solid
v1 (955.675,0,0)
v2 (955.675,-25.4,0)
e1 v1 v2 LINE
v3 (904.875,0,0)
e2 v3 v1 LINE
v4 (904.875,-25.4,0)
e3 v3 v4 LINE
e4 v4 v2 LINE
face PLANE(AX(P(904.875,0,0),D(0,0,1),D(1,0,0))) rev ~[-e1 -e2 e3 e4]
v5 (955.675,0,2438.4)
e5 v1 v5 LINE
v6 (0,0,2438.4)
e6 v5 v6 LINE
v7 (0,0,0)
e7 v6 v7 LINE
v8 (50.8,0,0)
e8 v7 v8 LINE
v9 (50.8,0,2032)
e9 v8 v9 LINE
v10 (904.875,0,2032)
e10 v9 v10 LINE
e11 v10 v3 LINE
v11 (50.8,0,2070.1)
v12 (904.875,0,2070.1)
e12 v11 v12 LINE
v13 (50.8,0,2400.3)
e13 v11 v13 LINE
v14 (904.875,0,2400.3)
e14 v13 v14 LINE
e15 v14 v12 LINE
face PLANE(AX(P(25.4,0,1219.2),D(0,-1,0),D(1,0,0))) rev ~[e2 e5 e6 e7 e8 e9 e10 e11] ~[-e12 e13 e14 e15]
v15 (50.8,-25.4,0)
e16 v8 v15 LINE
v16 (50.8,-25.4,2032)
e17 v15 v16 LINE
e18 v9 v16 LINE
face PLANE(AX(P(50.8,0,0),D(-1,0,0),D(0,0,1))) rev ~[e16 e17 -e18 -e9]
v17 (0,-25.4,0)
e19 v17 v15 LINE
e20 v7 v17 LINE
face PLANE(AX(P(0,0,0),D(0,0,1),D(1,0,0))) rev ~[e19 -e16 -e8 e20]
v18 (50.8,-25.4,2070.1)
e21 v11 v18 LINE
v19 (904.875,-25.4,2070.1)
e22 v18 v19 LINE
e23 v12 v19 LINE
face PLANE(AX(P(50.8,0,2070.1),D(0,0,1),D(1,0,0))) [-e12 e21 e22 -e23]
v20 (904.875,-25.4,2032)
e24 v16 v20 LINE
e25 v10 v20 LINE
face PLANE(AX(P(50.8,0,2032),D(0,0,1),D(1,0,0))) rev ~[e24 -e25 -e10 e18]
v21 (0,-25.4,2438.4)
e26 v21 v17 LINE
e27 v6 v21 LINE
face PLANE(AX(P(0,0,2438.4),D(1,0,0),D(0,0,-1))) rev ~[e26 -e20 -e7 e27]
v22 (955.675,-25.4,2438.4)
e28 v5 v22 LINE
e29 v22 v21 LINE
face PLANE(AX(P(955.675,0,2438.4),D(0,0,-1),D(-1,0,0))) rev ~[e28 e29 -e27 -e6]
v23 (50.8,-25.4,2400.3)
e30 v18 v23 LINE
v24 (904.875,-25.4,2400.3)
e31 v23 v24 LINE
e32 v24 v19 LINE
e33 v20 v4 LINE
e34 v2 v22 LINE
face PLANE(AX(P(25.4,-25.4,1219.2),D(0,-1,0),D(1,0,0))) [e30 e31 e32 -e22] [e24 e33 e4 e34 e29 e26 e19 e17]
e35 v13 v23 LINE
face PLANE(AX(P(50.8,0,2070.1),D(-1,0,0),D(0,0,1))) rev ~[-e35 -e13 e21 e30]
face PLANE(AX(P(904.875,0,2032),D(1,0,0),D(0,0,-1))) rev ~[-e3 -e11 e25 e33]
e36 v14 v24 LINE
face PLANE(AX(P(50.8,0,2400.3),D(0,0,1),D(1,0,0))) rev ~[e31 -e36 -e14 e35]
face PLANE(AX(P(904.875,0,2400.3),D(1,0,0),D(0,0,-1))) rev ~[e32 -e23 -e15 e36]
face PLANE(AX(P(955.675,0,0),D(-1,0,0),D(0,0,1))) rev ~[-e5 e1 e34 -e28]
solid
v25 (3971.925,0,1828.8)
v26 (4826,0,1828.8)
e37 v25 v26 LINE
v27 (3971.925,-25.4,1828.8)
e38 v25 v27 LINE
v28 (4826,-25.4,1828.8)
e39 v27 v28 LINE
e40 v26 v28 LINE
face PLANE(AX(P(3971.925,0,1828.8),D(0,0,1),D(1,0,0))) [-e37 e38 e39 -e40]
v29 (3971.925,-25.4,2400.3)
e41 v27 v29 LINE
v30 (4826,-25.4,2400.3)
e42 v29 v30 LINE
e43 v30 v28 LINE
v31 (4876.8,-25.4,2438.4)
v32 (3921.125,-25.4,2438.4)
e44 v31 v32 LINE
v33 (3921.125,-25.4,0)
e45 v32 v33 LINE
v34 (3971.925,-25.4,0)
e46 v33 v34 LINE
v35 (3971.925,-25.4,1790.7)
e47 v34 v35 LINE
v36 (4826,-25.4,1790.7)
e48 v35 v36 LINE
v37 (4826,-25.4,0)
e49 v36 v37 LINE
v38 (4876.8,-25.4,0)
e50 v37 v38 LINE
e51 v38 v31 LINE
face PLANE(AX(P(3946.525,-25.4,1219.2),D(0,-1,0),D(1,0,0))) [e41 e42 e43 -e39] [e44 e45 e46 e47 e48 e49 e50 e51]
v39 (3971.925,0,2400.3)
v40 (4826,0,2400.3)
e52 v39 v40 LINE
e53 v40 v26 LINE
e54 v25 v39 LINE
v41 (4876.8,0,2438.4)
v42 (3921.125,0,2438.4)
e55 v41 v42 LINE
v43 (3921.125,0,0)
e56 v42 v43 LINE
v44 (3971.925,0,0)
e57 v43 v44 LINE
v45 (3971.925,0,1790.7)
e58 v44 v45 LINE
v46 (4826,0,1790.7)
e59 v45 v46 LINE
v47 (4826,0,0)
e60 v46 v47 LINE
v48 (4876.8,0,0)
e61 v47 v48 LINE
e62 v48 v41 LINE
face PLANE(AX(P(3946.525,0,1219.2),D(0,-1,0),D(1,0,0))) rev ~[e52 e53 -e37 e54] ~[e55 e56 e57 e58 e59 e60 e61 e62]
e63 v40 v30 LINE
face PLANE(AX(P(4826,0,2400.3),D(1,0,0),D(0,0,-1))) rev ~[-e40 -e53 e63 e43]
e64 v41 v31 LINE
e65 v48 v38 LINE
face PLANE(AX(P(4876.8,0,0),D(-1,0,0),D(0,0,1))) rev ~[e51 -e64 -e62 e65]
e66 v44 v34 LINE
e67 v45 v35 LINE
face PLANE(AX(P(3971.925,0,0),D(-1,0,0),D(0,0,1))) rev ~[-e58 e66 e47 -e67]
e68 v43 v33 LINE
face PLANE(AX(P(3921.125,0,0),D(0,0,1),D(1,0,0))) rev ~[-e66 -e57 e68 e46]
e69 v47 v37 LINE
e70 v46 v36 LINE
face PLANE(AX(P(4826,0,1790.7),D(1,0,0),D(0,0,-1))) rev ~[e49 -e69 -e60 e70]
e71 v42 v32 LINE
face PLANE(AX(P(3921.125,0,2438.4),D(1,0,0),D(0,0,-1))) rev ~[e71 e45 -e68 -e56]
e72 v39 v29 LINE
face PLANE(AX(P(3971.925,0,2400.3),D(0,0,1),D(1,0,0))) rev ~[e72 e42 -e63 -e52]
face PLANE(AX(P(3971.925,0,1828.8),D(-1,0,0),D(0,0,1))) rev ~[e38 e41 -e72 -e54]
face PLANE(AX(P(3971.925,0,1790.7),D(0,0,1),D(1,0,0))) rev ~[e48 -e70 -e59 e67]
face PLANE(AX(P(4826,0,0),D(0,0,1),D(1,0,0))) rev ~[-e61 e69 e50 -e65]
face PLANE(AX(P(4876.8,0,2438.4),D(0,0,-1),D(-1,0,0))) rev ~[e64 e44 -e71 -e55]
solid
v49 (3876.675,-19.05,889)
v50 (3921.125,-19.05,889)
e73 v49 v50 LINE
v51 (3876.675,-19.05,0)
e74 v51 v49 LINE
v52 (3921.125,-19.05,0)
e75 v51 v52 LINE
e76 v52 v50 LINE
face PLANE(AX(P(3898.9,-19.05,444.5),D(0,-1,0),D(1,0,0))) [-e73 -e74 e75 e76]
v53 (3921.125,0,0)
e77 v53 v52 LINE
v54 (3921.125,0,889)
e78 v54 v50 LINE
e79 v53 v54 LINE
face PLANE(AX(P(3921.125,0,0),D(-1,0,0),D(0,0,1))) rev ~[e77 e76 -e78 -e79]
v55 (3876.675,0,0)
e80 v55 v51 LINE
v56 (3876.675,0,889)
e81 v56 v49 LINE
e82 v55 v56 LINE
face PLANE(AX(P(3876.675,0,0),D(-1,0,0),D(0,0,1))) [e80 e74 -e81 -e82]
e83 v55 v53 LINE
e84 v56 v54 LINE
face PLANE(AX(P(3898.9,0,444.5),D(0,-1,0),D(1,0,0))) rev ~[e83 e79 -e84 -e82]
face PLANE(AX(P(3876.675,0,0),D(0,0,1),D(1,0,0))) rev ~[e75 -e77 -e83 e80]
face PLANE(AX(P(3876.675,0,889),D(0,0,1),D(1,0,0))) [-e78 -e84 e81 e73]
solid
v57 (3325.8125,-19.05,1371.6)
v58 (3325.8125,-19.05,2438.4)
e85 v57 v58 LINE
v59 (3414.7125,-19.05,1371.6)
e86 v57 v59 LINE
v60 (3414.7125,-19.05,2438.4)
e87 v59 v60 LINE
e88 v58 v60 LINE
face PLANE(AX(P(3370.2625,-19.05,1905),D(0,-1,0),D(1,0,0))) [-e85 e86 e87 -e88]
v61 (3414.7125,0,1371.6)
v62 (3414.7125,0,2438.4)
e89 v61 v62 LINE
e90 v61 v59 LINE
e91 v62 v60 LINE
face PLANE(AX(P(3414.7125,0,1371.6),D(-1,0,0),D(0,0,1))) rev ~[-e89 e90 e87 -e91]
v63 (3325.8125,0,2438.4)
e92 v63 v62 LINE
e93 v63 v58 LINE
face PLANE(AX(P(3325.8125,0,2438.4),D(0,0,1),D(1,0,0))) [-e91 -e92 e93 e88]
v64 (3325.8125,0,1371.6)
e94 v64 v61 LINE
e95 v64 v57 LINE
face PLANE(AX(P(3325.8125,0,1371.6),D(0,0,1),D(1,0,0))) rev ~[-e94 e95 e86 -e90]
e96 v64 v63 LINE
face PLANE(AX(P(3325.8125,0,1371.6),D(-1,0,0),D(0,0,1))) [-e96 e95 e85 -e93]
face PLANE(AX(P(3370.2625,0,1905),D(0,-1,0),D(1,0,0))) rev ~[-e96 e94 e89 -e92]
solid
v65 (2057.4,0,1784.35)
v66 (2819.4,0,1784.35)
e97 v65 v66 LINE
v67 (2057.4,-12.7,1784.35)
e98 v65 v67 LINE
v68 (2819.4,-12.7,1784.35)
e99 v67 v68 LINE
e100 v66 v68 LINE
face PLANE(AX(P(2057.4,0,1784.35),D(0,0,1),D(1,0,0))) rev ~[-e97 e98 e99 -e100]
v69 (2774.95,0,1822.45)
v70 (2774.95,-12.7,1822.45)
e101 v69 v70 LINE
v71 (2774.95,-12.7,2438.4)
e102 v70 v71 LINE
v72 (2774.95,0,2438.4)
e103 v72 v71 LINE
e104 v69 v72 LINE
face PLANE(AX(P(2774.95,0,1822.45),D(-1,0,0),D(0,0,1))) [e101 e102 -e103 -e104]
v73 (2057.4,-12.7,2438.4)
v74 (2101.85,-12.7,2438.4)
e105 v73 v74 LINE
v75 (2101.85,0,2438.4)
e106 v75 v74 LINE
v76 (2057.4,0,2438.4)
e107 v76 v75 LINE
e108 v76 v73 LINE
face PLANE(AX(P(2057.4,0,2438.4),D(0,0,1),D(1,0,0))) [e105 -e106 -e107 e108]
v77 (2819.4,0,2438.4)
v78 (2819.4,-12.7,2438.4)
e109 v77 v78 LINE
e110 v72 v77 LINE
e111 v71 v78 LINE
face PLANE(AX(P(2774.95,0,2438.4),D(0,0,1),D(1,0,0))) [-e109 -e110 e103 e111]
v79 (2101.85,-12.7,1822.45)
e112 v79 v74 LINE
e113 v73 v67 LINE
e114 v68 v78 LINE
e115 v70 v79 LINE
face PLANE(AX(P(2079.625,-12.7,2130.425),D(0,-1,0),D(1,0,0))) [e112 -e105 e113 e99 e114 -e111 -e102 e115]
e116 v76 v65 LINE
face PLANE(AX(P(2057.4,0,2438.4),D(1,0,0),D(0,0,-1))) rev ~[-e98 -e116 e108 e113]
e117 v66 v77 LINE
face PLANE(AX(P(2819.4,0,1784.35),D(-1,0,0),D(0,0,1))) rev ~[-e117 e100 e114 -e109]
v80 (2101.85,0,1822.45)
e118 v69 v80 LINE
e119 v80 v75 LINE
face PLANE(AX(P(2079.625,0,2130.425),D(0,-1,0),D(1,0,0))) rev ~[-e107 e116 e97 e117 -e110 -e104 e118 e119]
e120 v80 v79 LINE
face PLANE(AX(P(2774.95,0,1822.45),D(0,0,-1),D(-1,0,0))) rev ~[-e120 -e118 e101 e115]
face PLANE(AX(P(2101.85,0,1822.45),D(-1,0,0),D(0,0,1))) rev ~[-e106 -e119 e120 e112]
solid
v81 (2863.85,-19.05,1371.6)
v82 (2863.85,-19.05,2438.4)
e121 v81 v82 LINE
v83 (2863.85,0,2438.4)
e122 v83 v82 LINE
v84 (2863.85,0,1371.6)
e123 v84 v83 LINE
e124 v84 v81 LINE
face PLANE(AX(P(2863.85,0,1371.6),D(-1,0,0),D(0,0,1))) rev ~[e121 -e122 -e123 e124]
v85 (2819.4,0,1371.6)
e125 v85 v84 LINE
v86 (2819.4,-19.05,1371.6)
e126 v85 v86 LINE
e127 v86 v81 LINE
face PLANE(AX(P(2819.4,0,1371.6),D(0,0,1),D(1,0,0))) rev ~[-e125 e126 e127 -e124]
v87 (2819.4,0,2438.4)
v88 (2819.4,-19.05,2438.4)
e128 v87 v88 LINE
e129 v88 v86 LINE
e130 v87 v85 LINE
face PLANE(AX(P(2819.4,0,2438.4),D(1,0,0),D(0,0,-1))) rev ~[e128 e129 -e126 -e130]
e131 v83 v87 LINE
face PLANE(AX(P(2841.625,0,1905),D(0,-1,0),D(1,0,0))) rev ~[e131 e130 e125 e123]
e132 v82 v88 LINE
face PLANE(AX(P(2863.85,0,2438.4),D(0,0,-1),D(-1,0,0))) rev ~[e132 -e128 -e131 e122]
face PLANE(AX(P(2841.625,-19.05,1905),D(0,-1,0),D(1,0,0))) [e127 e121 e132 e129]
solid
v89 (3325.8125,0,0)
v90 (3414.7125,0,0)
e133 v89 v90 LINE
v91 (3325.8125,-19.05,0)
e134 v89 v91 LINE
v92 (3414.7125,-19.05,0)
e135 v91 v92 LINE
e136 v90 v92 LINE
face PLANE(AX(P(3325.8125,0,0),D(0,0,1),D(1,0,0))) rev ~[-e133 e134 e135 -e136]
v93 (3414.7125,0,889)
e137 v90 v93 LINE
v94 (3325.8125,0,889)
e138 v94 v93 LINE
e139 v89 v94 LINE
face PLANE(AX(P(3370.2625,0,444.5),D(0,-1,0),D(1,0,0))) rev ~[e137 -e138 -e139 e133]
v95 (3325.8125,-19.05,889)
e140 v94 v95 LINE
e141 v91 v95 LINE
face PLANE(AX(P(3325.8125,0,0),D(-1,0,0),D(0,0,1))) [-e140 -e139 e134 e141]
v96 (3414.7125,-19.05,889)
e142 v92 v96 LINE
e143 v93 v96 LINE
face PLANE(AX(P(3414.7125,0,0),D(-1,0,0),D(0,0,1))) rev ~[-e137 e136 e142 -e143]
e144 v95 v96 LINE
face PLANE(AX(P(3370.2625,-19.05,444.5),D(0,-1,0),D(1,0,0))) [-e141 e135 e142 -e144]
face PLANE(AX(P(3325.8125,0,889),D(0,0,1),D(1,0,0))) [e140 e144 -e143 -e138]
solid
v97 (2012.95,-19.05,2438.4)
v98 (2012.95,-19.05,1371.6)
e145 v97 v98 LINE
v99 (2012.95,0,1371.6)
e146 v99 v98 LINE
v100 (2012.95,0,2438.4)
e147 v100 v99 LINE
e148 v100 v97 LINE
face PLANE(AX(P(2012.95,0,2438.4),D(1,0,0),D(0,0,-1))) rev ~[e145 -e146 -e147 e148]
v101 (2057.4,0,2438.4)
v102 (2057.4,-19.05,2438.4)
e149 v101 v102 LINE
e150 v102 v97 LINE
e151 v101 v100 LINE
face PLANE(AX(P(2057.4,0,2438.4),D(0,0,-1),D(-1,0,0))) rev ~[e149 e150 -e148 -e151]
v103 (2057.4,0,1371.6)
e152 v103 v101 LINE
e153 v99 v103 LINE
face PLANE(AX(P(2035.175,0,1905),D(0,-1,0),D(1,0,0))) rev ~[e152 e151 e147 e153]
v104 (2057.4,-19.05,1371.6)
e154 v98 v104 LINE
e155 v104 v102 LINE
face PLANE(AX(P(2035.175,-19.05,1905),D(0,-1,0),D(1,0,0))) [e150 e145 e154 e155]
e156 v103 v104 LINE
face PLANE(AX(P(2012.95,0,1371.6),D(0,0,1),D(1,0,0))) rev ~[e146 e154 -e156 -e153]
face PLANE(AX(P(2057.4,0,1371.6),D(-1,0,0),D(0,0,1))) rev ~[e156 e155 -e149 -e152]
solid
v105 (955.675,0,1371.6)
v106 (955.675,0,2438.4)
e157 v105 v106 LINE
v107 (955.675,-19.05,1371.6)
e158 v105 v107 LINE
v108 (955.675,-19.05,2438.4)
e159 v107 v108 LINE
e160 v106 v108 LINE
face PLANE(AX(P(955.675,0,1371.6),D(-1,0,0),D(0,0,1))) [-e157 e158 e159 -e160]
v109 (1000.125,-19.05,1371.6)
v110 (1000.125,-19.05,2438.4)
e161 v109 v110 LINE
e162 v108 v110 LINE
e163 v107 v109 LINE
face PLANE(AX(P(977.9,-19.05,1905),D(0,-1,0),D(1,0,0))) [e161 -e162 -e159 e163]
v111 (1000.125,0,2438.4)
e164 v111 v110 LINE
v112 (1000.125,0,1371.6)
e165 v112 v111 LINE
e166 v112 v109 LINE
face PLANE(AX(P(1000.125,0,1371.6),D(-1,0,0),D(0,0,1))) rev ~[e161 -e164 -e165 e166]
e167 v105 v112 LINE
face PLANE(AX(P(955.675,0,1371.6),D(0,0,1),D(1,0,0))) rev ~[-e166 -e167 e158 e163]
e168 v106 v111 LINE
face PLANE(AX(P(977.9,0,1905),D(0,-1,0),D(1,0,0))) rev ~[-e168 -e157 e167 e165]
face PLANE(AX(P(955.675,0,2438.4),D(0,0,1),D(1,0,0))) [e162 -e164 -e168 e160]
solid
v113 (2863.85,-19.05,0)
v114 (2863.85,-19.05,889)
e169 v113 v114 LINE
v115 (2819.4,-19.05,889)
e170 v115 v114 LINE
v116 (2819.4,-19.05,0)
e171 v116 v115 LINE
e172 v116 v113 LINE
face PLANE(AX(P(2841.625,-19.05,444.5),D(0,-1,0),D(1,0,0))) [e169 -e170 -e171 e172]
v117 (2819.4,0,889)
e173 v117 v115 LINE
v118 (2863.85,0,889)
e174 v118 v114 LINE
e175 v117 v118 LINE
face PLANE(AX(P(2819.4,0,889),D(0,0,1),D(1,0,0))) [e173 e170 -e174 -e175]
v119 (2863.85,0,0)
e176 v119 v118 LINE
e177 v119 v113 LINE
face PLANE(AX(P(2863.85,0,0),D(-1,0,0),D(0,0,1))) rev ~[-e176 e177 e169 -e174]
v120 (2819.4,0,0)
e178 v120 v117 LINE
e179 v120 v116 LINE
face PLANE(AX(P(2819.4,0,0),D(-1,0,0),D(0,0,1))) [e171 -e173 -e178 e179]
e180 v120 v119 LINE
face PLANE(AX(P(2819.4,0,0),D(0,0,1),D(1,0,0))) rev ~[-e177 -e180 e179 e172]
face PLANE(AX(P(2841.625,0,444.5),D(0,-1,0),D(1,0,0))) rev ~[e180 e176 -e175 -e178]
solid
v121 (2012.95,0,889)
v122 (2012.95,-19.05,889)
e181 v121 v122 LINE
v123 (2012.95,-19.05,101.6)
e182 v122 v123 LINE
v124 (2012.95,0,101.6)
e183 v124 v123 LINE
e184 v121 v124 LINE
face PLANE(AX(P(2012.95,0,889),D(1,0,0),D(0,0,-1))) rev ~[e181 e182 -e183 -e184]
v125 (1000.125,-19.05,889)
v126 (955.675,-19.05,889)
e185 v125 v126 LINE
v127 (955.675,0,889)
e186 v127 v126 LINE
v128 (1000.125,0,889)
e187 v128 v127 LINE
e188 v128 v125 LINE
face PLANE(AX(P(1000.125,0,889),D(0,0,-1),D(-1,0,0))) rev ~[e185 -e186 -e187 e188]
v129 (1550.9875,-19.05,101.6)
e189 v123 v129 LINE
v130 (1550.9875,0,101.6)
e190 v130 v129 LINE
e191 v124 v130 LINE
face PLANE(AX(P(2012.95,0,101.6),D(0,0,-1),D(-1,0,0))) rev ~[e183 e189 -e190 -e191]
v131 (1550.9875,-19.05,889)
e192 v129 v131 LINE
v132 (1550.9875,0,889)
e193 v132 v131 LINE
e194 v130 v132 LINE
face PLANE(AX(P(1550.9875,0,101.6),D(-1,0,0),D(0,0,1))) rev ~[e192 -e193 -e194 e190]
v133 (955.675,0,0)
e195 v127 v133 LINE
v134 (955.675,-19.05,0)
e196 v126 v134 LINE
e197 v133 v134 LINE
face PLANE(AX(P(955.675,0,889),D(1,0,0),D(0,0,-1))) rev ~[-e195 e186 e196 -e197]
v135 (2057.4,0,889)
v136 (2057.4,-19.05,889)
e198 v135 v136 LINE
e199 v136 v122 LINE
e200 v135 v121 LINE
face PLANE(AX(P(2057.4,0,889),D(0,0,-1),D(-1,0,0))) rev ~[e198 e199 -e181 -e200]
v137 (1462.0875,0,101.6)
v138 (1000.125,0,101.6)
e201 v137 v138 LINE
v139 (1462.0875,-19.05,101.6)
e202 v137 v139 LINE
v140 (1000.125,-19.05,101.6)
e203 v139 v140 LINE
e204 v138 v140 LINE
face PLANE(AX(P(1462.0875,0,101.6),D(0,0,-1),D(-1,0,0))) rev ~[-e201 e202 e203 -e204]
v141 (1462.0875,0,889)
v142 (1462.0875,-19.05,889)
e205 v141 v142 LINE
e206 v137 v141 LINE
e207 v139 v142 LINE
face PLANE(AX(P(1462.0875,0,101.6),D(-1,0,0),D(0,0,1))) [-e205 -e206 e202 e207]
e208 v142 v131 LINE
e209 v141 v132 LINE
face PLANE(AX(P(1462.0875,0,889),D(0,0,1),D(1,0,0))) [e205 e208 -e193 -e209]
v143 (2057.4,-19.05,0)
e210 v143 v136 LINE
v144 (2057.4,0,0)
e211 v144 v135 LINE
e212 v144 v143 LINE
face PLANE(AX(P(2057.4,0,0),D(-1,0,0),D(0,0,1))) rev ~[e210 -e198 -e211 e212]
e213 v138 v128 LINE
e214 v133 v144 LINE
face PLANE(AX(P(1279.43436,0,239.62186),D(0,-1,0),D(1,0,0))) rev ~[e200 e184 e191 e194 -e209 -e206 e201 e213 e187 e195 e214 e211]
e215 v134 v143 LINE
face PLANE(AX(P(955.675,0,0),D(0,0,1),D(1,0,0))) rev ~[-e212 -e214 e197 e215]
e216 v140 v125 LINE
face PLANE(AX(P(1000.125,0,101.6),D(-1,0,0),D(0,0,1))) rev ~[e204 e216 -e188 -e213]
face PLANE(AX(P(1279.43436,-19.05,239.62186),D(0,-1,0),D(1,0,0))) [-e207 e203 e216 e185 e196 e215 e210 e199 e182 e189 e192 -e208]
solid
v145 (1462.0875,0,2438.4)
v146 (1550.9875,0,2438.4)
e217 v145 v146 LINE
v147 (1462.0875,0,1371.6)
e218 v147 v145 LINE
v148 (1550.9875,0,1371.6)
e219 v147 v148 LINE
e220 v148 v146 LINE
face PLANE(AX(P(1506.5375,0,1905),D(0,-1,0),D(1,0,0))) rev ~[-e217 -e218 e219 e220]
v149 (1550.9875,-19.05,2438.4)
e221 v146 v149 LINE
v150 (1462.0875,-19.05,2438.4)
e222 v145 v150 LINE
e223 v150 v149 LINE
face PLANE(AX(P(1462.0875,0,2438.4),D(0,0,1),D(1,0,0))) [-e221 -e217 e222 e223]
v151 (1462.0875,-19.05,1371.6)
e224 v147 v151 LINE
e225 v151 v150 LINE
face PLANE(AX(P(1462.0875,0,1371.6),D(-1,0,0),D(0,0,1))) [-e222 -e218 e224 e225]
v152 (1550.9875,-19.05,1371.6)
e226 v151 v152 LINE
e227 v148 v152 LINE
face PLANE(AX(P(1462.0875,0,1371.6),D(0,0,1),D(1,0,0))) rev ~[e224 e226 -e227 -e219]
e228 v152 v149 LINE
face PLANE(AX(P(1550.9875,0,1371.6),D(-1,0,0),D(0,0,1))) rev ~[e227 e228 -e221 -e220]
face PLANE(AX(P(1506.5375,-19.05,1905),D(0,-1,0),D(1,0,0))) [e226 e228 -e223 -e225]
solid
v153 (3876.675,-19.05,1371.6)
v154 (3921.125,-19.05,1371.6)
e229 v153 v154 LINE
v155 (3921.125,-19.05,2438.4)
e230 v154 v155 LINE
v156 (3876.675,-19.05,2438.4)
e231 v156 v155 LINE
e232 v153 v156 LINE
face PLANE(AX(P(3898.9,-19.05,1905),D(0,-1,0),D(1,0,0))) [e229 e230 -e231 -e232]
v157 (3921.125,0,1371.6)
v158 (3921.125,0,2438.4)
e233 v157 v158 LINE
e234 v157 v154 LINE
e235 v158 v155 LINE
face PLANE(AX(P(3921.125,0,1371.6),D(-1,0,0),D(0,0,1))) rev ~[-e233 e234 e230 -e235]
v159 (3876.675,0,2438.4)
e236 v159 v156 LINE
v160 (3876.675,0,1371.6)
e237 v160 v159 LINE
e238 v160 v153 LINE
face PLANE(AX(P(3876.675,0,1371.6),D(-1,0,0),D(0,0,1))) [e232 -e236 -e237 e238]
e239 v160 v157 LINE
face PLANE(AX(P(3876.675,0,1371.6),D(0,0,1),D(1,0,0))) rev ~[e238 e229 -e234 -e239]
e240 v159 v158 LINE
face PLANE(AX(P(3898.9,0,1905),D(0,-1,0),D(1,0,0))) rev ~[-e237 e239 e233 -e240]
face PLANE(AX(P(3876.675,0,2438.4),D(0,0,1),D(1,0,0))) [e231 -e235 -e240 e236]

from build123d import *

# Parameters (mm, degrees)
F0_W     = 854.075
F0_H     = 38.1
F1_DEPTH = 25.4
F0_W_2   = 44.45
F0_H_2   = 1066.8
F2_DEPTH = 19.05
F0_W_3   = 88.9
F0_H_3   = 787.4
F0_H_4   = 889
F0_H_5   = 615.95
F3_DEPTH = 12.7


with BuildPart() as f1:
    # F0 (on Front) → F1 (new body)
    with BuildSketch(Plane.XZ):
        Polygon((0, 2438.4), (0, 0), (50.8, 0), (50.8, 2032), (50.8, 2070.1), (50.8, 2400.3), (50.8, 2438.4), align=None)
        with Locations((477.8375, 2051.05)):
            Rectangle(F0_W, F0_H)
        with Locations((477.8375, 2419.35)):
            Rectangle(F0_W, F0_H)
        Polygon((904.875, 2032), (904.875, 0), (955.675, 0), (955.675, 889), (955.675, 1371.6), (955.675, 2438.4), (904.875, 2438.4), (904.875, 2400.3), (904.875, 2070.1), align=None)
    extrude(amount=F1_DEPTH)


with BuildPart() as f1b:
    # F0 (on Front) → F1, piece 2 (new body)
    with BuildSketch(Plane.XZ):
        Polygon((3921.125, 889), (3921.125, 0), (3971.925, 0), (3971.925, 1790.7), (3971.925, 1828.8), (3971.925, 2400.3), (3971.925, 2438.4), (3921.125, 2438.4), (3921.125, 1371.6), align=None)
        with Locations((4398.9625, 1809.75)):
            Rectangle(F0_W, F0_H)
        with Locations((4398.9625, 2419.35)):
            Rectangle(F0_W, F0_H)
        Polygon((4826, 1790.7), (4826, 0), (4876.8, 0), (4876.8, 2438.4), (4826, 2438.4), (4826, 2400.3), (4826, 1828.8), align=None)
    extrude(amount=F1_DEPTH)


with BuildPart() as f2:
    # F0 (on Front) → F2 (new body)
    with BuildSketch(Plane.XZ):
        with Locations((977.9, 1905)):
            Rectangle(F0_W_2, F0_H_2)
    extrude(amount=F2_DEPTH)


with BuildPart() as f2b:
    # F0 (on Front) → F2, piece 2 (new body)
    with BuildSketch(Plane.XZ):
        with Locations((1506.5375, 1905)):
            Rectangle(F0_W_3, F0_H_2)
    extrude(amount=F2_DEPTH)


with BuildPart() as f2c:
    # F0 (on Front) → F2, piece 3 (new body)
    with BuildSketch(Plane.XZ):
        Polygon((2057.4, 2438.4), (2012.95, 2438.4), (2012.95, 1371.6), (2057.4, 1371.6), (2057.4, 1784.35), (2057.4, 1822.45), align=None)
    extrude(amount=F2_DEPTH)


with BuildPart() as f2d:
    # F0 (on Front) → F2, piece 4 (new body)
    with BuildSketch(Plane.XZ):
        Polygon((2863.85, 2438.4), (2819.4, 2438.4), (2819.4, 1822.45), (2819.4, 1784.35), (2819.4, 1371.6), (2863.85, 1371.6), align=None)
    extrude(amount=F2_DEPTH)


with BuildPart() as f2e:
    # F0 (on Front) → F2, piece 5 (new body)
    with BuildSketch(Plane.XZ):
        with Locations((3370.2625, 1905)):
            Rectangle(F0_W_3, F0_H_2)
    extrude(amount=F2_DEPTH)


with BuildPart() as f2f:
    # F0 (on Front) → F2, piece 6 (new body)
    with BuildSketch(Plane.XZ):
        with Locations((3898.9, 1905)):
            Rectangle(F0_W_2, F0_H_2)
    extrude(amount=F2_DEPTH)


with BuildPart() as f2g:
    # F0 (on Front) → F2, piece 7 (new body)
    with BuildSketch(Plane.XZ):
        Polygon((955.675, 889), (955.675, 0), (2012.95, 0), (2012.95, 101.6), (1550.9875, 101.6), (1462.0875, 101.6), (1000.125, 101.6), (1000.125, 889), align=None)
        with Locations((1506.5375, 495.3)):
            Rectangle(F0_W_3, F0_H_3)
        Polygon((2012.95, 101.6), (2012.95, 0), (2057.4, 0), (2057.4, 889), (2012.95, 889), align=None)
    extrude(amount=F2_DEPTH)


with BuildPart() as f2h:
    # F0 (on Front) → F2, piece 8 (new body)
    with BuildSketch(Plane.XZ):
        with Locations((2841.625, 444.5)):
            Rectangle(F0_W_2, F0_H_4)
    extrude(amount=F2_DEPTH)


with BuildPart() as f2i:
    # F0 (on Front) → F2, piece 9 (new body)
    with BuildSketch(Plane.XZ):
        with Locations((3370.2625, 444.5)):
            Rectangle(F0_W_3, F0_H_4)
    extrude(amount=F2_DEPTH)


with BuildPart() as f2j:
    # F0 (on Front) → F2, piece 10 (new body)
    with BuildSketch(Plane.XZ):
        with Locations((3898.9, 444.5)):
            Rectangle(F0_W_2, F0_H_4)
    extrude(amount=F2_DEPTH)


with BuildPart() as f3:
    # F0 (on Front) → F3 (new body)
    with BuildSketch(Plane.XZ):
        with Locations((2079.625, 2130.425)):
            Rectangle(F0_W_2, F0_H_5)
        Polygon((2101.85, 1822.45), (2057.4, 1822.45), (2057.4, 1784.35), (2819.4, 1784.35), (2819.4, 1822.45), (2774.95, 1822.45), align=None)
        with Locations((2797.175, 2130.425)):
            Rectangle(F0_W_2, F0_H_5)
    extrude(amount=F3_DEPTH)


solid = Compound([f1.part, f1b.part, f2.part, f2b.part, f2c.part, f2d.part, f2e.part, f2f.part, f2g.part, f2h.part, f2i.part, f2j.part, f3.part])
